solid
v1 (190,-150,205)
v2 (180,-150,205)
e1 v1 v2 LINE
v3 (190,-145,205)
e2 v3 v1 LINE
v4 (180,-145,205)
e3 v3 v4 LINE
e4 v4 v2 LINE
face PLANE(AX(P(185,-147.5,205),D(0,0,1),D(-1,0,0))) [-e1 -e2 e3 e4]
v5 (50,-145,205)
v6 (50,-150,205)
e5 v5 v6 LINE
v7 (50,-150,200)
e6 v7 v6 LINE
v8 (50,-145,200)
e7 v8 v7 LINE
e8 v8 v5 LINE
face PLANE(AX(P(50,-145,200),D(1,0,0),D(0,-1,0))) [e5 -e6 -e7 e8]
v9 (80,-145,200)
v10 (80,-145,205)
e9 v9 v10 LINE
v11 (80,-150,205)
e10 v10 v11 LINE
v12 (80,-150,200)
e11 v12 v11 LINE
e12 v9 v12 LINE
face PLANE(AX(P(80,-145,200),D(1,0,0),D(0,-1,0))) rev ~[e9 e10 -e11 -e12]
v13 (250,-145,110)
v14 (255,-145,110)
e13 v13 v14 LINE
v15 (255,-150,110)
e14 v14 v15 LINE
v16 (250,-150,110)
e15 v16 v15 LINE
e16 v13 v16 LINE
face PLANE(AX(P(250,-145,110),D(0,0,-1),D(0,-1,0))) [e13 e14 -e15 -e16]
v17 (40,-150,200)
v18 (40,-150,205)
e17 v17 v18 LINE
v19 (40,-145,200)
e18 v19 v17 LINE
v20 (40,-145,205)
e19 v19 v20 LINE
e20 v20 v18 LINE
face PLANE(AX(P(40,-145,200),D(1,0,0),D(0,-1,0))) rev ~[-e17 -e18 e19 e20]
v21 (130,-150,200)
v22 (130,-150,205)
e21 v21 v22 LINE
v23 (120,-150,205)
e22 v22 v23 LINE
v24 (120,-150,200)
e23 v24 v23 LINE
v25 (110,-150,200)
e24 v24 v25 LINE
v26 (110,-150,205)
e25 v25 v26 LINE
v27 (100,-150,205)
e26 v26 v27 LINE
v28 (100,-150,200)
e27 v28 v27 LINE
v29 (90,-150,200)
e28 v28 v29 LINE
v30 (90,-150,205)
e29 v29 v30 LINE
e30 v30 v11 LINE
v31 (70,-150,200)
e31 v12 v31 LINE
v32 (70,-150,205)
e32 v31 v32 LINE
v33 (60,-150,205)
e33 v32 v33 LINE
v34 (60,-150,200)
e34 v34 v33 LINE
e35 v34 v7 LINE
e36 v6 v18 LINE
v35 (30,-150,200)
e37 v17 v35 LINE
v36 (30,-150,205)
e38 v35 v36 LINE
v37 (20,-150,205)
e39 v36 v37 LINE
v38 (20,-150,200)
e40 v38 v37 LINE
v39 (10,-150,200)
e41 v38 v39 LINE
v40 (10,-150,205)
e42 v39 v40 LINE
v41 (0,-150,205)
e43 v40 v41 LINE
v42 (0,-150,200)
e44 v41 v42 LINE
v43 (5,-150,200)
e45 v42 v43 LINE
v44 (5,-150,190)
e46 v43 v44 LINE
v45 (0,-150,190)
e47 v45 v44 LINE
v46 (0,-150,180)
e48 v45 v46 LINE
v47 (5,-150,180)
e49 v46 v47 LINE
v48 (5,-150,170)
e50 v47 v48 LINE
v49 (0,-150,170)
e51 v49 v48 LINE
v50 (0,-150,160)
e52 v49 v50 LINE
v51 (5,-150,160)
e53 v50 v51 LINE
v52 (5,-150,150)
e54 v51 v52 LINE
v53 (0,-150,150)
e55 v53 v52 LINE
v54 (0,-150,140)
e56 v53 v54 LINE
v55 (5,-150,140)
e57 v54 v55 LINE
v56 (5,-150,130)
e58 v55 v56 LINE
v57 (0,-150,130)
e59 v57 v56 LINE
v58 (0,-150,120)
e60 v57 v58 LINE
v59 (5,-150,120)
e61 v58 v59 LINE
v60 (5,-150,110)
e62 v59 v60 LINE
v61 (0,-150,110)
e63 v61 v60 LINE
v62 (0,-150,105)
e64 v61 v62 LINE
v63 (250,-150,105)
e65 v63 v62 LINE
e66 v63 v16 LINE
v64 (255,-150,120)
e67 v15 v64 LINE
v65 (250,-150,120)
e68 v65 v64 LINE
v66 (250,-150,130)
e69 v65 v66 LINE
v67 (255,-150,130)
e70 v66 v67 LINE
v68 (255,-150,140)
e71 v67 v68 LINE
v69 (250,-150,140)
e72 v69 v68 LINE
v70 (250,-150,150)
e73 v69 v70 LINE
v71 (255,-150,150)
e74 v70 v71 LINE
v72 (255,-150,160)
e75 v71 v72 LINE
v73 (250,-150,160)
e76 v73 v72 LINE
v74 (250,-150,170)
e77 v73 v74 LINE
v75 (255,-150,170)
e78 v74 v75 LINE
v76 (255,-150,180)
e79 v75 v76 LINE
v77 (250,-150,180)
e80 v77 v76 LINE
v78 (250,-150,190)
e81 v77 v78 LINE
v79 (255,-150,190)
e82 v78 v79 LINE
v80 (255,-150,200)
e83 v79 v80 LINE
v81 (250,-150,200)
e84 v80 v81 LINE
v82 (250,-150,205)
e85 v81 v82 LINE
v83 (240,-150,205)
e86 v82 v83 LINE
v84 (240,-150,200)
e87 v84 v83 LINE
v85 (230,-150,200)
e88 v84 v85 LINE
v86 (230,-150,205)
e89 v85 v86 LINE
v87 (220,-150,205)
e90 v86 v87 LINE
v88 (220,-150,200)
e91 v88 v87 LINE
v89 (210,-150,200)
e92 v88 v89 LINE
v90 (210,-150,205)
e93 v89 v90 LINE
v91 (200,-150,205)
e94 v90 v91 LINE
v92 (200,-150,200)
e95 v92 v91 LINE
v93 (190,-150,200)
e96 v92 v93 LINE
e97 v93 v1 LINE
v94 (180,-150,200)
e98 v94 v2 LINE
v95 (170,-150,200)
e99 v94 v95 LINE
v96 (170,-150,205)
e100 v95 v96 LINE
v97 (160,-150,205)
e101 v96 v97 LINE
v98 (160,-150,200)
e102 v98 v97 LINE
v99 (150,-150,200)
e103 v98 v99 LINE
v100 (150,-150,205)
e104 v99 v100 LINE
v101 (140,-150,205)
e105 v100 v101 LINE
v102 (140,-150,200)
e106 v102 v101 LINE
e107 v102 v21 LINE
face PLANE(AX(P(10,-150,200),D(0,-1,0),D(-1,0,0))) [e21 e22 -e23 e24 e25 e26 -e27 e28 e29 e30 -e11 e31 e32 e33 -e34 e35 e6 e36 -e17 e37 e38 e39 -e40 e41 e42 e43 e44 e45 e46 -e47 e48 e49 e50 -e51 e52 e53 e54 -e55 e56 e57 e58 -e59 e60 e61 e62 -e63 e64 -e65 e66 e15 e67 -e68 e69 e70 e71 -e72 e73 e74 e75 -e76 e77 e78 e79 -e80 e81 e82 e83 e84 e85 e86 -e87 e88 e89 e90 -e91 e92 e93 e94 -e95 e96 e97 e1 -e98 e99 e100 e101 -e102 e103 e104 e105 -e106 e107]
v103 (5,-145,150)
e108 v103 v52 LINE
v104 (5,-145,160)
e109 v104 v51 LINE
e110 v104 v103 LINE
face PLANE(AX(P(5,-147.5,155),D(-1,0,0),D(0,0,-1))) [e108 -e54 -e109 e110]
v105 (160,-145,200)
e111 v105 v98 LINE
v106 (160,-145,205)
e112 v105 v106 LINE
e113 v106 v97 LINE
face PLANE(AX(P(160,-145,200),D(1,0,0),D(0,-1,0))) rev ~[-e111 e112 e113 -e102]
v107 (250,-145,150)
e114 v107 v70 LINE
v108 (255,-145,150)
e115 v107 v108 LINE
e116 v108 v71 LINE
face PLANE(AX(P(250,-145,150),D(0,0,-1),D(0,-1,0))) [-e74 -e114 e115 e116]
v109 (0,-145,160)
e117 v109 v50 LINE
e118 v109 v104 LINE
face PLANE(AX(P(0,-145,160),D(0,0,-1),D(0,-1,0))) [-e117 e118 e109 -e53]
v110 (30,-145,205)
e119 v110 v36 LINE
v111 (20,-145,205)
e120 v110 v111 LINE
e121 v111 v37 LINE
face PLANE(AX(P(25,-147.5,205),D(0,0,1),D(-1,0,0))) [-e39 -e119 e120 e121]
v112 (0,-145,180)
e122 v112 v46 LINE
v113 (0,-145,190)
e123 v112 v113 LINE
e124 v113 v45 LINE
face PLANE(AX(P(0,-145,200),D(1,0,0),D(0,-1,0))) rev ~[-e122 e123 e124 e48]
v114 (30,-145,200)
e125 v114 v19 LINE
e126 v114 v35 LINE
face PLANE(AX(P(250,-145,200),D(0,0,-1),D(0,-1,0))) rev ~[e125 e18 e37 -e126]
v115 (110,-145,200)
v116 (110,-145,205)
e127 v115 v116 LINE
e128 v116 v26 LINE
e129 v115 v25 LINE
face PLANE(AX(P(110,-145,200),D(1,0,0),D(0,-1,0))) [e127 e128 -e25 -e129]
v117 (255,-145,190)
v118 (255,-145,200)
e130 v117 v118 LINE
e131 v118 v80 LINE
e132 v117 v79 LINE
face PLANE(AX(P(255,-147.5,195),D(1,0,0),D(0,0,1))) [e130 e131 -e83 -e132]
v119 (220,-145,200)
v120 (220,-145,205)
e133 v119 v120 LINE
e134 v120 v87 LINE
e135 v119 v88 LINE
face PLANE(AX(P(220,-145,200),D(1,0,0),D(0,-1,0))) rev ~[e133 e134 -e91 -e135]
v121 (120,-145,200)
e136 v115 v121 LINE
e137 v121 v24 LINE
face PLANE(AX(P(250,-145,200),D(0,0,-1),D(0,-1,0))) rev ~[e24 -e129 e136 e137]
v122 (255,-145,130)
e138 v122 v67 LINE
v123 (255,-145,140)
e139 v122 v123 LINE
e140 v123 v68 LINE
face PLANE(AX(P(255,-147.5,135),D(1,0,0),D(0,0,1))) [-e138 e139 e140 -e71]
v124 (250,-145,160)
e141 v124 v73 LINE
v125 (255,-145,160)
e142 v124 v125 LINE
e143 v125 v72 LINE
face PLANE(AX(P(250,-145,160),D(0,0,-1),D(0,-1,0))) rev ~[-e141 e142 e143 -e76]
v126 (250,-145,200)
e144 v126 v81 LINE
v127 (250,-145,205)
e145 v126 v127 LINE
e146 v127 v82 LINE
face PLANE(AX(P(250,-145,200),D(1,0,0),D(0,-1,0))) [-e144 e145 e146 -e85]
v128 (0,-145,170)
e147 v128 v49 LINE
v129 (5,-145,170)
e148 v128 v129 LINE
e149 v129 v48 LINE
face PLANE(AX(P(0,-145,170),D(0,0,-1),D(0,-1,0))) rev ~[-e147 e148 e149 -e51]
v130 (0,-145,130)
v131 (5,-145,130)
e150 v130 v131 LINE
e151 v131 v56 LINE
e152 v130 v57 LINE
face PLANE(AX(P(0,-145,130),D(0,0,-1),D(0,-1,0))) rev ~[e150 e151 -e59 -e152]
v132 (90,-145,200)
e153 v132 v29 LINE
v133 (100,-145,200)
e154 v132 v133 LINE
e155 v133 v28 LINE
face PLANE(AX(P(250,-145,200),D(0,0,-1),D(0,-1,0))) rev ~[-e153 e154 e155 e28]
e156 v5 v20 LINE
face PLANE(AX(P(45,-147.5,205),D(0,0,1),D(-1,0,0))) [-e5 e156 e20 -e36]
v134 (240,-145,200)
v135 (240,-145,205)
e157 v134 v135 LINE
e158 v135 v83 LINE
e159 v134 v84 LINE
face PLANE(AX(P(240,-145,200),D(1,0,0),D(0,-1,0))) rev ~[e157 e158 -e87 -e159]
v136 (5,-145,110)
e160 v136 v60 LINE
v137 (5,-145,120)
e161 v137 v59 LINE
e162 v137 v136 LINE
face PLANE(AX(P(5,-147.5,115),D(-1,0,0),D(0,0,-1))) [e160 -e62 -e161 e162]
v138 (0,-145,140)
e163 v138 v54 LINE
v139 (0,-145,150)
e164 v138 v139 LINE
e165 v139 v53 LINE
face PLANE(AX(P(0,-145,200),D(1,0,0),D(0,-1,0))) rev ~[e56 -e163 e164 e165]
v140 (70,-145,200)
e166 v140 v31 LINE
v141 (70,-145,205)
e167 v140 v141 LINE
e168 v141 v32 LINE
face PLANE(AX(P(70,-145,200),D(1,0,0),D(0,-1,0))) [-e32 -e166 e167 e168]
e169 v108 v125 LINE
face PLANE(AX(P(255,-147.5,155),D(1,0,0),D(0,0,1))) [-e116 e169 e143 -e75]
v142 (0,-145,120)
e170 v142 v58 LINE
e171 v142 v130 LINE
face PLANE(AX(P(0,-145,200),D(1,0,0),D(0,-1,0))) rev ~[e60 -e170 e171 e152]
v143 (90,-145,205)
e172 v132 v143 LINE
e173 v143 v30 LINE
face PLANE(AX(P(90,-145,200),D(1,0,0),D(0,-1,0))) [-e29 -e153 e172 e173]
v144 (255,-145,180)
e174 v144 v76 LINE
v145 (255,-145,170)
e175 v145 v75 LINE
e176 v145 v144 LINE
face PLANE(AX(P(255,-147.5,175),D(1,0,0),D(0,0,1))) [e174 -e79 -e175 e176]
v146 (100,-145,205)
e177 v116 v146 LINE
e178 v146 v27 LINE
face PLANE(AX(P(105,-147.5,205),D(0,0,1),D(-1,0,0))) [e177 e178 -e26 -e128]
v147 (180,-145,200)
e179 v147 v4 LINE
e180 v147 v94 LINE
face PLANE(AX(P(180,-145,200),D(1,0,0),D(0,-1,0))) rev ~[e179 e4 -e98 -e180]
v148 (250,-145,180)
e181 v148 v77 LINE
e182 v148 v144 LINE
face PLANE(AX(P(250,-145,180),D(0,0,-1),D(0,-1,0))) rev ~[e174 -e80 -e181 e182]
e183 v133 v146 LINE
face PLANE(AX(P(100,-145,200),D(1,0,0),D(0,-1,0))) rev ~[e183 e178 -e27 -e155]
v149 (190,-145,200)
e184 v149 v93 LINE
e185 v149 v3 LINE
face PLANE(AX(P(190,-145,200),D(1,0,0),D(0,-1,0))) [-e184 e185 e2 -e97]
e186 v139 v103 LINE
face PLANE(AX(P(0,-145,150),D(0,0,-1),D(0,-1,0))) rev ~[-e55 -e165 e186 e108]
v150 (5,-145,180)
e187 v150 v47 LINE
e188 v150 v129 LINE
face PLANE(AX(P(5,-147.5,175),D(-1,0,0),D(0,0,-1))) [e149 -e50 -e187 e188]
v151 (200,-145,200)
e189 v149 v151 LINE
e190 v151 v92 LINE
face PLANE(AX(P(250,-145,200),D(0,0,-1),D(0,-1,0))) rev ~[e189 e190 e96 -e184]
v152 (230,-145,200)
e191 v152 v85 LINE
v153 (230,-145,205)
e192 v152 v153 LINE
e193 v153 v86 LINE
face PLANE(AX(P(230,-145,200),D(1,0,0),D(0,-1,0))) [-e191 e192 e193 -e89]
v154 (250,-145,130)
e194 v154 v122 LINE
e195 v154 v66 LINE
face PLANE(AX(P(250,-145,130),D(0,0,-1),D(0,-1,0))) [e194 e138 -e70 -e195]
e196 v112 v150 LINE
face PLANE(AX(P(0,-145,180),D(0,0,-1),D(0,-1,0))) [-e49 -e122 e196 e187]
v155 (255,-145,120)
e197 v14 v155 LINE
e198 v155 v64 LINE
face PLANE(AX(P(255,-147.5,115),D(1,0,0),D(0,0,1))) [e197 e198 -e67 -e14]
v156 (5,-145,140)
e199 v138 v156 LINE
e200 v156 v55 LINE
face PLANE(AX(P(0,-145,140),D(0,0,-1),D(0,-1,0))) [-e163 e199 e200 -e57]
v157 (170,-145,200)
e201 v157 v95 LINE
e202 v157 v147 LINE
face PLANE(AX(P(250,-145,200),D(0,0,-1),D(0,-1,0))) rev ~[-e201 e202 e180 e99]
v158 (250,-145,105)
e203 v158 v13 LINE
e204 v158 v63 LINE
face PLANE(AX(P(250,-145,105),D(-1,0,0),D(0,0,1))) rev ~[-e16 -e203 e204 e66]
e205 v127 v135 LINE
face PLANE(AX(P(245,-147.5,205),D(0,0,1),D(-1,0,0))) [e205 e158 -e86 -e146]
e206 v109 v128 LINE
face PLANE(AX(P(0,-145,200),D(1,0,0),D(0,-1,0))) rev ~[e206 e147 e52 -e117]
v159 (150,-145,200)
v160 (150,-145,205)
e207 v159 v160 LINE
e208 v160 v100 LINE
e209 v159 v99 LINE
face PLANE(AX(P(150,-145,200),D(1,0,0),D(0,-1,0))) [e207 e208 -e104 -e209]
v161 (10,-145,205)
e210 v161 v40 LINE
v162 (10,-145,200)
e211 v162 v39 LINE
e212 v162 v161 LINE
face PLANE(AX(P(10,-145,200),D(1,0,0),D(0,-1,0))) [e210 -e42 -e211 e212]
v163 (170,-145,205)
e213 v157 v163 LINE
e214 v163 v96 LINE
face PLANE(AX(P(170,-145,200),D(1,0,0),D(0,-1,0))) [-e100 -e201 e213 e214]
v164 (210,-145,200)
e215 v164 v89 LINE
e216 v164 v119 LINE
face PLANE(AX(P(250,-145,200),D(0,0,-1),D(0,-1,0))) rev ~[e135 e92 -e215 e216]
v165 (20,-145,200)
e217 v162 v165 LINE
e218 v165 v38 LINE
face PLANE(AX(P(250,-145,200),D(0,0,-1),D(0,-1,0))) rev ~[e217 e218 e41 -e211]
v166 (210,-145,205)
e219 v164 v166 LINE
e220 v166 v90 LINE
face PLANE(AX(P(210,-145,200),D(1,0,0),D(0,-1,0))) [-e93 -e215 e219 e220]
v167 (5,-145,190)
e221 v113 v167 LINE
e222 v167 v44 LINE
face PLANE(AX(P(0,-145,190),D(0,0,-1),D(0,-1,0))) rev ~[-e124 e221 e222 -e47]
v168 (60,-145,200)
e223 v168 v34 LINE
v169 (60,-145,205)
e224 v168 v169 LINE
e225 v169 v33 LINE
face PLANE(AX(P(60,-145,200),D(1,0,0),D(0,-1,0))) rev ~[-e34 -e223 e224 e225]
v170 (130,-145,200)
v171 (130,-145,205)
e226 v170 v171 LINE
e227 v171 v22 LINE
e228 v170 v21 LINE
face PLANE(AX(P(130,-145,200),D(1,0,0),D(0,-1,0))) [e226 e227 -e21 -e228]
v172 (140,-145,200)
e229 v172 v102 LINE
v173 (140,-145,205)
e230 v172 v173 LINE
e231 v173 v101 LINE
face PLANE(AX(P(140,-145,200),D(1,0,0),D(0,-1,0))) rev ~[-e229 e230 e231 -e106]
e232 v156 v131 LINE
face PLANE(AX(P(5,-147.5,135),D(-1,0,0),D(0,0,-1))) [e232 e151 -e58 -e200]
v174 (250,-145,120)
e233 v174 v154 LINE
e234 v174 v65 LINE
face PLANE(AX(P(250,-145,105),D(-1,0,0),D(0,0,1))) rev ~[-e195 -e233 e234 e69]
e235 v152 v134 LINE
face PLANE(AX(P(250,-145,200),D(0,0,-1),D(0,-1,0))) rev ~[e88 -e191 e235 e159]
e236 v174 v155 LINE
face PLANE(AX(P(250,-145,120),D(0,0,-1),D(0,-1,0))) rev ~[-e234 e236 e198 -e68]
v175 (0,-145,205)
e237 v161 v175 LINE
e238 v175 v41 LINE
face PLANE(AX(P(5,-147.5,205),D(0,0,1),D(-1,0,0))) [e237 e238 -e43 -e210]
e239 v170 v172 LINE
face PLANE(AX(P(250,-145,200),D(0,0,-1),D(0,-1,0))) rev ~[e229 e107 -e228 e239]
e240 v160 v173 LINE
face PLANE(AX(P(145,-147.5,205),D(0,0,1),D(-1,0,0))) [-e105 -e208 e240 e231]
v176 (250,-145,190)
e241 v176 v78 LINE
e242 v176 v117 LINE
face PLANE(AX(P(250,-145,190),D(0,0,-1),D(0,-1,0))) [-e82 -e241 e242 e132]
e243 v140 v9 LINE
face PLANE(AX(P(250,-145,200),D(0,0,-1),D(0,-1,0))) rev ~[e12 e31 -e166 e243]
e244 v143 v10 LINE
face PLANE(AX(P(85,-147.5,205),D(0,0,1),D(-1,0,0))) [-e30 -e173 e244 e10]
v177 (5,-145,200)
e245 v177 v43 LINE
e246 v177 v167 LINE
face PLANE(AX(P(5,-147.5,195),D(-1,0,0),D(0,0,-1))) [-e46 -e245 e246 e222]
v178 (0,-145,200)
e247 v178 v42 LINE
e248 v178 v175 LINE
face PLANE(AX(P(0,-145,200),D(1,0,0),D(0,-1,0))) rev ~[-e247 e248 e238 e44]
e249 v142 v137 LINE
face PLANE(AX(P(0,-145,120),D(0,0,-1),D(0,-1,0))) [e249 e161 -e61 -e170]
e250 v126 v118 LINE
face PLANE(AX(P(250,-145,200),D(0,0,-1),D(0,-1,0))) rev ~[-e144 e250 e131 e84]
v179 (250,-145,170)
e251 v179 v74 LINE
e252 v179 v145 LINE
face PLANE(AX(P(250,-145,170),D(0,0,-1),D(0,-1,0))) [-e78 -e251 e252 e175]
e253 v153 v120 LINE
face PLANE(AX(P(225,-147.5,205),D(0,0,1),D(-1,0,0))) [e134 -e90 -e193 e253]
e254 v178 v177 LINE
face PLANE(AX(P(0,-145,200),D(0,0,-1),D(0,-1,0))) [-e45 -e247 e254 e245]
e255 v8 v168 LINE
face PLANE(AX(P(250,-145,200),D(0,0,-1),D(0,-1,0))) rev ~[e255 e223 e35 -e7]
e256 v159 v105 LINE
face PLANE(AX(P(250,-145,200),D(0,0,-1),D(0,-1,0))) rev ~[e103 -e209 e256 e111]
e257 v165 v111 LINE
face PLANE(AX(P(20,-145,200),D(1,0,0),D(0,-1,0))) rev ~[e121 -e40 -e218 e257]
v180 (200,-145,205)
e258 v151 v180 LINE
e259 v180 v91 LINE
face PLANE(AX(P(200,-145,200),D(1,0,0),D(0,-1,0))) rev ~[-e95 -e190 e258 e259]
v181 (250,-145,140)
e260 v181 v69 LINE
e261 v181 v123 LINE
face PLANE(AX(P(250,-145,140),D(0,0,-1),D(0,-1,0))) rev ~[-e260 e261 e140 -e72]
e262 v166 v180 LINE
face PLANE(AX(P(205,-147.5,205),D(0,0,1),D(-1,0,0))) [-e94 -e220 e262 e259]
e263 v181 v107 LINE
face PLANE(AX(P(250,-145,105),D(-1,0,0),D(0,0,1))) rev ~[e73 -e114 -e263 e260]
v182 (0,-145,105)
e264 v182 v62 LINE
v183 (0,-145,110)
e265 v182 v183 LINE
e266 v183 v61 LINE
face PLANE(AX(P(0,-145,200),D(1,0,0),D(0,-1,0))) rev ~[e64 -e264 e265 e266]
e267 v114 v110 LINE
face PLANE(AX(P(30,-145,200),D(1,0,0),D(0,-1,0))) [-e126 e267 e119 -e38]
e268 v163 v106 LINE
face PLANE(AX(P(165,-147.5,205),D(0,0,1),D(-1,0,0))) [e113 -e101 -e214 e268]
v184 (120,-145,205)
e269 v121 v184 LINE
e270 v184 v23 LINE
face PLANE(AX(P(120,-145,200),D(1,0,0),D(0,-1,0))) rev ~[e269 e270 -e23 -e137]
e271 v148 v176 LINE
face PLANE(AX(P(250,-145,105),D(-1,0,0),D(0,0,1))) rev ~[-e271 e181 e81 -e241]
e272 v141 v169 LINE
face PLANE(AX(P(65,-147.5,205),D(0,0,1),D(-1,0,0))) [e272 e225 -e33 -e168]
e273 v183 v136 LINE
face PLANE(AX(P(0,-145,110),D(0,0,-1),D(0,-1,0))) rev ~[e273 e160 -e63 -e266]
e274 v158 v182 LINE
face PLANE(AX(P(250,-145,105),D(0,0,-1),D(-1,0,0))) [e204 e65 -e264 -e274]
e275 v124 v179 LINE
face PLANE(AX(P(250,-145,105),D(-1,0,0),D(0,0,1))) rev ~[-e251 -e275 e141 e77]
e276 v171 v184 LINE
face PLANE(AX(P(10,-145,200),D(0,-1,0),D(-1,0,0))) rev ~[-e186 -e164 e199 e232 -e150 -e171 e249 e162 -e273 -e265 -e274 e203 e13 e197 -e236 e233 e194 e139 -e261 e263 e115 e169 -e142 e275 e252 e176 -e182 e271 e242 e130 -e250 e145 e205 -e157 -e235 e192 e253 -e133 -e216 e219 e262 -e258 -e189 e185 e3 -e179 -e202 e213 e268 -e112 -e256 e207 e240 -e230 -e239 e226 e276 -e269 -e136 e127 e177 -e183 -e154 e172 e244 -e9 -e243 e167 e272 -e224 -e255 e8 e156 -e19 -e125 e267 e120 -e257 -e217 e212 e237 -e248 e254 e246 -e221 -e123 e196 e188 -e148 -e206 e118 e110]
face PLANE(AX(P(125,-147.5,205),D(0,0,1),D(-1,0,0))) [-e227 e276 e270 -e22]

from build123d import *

# Parameters (mm, degrees)
SKETCH053_W             = 95
SKETCH053_H             = 250
PAD037_DEPTH            = 5
SKETCH057_W             = 10
SKETCH057_H             = 5
PAD041_DEPTH            = 5
LINEARPATTERN032_COUNT  = 5
LINEARPATTERN032_PITCH  = 20
SKETCH061_W             = 10
SKETCH061_H             = 5
PAD042_DEPTH            = 5
LINEARPATTERN036_COUNT  = 13
LINEARPATTERN036_PITCH  = 20
SKETCH070_W             = 10
SKETCH070_H             = 5
POCKET023_DEPTH         = 5
LINEARPATTERN045_COUNT  = 5
LINEARPATTERN045_PITCH  = 20
BODY016_PITCH_ANGLE     = -90
BODY016_PLACEMENT_ANGLE = 90


with BuildPart() as part:
    # Sketch053 → Pad037 (new body)
    with BuildSketch(Plane.XY):
        Rectangle(SKETCH053_W, SKETCH053_H)
    extrude(amount=PAD037_DEPTH)

    # Sketch057 (on DatumPlane) → Pad041 (join)
    with BuildSketch(Plane.XZ.offset(125)):
        with Locations((-37.5, 2.5)):
            Rectangle(SKETCH057_W, SKETCH057_H)
    pad041 = extrude(amount=PAD041_DEPTH)

    # LinearPattern032: Pad041 ×5
    with Locations(*[(i * LINEARPATTERN032_PITCH, 0, 0) for i in range(1, LINEARPATTERN032_COUNT)]):
        add(pad041)

    # Sketch061 (on DatumPlane) → Pad042 (join)
    with BuildSketch(Plane.YZ.offset(47.5)):
        with Locations((-120, 2.5)):
            Rectangle(SKETCH061_W, SKETCH061_H)
    pad042 = extrude(amount=PAD042_DEPTH)

    # LinearPattern036: Pad042 ×13
    with Locations(*[(0, i * LINEARPATTERN036_PITCH, 0) for i in range(1, LINEARPATTERN036_COUNT)]):
        add(pad042)

    # Sketch070 (on DatumPlane) → Pocket023 (cut)
    with BuildSketch(Plane(origin=(0, 125, 0), x_dir=(-1, 0, 0), z_dir=(0, 1, 0))):
        with Locations((-42.5, 2.5)):
            Rectangle(SKETCH070_W, SKETCH070_H)
    pocket023 = extrude(amount=-POCKET023_DEPTH, mode=Mode.SUBTRACT)

    # LinearPattern045: Pocket023 ×5
    with Locations(*[(-i * LINEARPATTERN045_PITCH, 0, 0) for i in range(1, LINEARPATTERN045_COUNT)]):
        add(pocket023, mode=Mode.SUBTRACT)


with BuildPart() as part_1:
    # Body016 pitch: moved
    add(part.part.rotate(Axis((0, 0, 0), (0, 1, 0)), BODY016_PITCH_ANGLE))


with BuildPart() as part_2:
    # Body016 placement: moved
    add(part_1.part.moved(Location((125, -145, 152.5))).rotate(Axis((125, -145, 152.5), (0, 0, 1)), BODY016_PLACEMENT_ANGLE))


solid = part_2.part
